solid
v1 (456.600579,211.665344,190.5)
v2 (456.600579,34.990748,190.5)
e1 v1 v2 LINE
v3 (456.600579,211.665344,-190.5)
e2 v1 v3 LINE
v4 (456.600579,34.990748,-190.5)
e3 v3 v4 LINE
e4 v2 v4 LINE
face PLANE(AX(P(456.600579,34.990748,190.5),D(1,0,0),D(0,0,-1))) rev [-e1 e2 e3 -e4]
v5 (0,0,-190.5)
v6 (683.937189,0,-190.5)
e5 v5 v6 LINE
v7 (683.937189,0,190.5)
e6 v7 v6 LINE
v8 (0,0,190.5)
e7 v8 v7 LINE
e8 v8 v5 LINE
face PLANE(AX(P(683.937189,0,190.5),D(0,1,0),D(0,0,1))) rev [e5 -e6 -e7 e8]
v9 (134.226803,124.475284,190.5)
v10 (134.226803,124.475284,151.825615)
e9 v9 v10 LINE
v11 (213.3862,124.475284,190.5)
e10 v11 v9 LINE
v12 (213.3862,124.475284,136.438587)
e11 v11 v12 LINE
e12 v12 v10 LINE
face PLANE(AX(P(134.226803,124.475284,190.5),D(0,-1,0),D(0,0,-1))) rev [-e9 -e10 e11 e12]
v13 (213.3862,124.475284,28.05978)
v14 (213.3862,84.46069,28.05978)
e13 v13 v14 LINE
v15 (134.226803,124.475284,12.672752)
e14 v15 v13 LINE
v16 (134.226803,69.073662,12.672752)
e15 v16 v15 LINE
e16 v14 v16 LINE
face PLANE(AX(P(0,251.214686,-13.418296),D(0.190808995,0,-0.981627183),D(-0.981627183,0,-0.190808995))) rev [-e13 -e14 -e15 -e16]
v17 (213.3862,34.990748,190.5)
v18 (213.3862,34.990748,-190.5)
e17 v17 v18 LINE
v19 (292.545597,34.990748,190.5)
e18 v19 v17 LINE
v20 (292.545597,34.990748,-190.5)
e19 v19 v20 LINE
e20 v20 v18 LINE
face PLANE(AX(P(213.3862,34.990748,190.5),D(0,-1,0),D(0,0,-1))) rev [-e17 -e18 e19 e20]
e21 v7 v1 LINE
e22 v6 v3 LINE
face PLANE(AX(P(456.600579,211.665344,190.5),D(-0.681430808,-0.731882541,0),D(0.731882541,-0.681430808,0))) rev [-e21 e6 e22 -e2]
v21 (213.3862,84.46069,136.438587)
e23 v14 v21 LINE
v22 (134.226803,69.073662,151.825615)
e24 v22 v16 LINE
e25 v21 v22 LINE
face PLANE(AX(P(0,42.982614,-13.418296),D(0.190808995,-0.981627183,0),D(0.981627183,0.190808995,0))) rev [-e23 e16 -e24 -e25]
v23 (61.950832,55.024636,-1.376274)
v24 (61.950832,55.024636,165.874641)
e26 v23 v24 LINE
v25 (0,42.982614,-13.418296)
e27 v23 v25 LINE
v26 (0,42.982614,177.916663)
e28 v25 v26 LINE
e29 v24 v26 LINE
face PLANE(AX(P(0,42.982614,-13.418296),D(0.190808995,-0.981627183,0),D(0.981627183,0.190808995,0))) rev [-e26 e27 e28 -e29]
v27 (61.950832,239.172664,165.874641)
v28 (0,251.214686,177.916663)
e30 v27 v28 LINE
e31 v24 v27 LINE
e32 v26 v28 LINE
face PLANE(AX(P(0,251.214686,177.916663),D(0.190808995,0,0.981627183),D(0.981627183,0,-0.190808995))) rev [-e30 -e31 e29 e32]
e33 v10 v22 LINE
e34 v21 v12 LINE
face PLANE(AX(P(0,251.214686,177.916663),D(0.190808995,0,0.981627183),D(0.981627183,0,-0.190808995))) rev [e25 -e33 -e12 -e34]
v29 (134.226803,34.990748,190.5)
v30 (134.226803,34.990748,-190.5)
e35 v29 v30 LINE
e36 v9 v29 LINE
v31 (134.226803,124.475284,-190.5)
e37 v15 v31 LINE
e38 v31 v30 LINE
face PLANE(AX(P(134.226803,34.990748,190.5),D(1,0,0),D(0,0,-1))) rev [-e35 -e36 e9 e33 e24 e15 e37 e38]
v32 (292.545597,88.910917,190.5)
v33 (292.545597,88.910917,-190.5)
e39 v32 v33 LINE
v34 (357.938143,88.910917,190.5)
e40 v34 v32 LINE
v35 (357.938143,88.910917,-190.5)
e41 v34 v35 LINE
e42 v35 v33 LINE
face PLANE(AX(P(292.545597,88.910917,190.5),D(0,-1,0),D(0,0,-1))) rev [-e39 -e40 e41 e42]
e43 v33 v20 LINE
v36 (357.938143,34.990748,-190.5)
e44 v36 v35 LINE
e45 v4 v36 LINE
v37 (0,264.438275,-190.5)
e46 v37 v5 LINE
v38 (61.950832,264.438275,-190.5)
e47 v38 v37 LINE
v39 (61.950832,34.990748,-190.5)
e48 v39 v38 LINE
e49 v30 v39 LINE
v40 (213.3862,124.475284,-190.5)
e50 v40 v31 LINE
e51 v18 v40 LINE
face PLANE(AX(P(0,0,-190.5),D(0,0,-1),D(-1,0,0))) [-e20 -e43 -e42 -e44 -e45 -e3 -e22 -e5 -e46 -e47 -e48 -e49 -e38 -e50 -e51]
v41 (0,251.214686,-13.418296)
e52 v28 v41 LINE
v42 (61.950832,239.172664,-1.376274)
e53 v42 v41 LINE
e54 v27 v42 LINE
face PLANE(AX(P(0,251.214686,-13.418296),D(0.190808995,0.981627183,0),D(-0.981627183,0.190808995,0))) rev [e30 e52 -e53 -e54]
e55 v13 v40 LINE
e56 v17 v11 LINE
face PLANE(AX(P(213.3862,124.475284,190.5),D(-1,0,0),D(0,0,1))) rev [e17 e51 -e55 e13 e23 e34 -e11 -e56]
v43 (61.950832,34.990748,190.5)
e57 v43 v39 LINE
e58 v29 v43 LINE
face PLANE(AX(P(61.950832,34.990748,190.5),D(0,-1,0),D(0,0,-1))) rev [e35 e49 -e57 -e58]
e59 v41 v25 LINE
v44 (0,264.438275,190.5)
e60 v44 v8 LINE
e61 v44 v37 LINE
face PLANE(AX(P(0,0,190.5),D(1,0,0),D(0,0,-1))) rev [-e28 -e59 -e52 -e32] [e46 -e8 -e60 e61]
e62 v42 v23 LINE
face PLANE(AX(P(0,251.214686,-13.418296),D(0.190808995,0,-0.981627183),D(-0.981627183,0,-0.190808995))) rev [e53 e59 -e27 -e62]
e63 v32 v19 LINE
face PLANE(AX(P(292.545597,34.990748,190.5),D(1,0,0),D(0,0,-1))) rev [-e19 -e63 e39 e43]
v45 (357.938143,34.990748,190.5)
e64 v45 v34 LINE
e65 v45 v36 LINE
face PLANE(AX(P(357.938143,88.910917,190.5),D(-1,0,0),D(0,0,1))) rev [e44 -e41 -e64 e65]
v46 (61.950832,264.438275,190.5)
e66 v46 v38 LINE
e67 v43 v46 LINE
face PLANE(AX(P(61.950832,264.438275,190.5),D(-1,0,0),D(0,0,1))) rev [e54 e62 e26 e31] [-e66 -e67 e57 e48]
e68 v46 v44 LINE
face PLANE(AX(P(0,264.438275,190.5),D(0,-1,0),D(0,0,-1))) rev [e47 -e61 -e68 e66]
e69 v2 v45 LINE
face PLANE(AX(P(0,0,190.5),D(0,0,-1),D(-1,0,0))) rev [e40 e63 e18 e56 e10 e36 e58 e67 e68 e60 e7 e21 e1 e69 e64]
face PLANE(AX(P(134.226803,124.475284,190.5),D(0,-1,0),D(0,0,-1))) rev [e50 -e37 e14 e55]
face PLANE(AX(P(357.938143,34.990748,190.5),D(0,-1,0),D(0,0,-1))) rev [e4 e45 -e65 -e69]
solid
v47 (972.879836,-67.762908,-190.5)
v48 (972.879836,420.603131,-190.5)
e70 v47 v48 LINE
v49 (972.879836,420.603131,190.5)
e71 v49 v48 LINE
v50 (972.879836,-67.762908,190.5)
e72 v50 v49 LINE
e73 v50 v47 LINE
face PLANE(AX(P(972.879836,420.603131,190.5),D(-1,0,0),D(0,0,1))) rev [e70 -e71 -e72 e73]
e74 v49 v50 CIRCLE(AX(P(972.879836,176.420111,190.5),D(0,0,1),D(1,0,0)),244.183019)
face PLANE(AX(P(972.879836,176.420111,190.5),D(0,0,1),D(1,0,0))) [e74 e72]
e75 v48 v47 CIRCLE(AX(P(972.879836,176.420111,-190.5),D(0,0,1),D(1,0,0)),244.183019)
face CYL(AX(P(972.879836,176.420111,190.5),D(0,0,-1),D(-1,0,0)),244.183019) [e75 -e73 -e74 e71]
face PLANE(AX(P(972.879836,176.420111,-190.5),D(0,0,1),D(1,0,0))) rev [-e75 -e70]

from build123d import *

# Parameters (mm, degrees)
BOSS_EXTRUDE1_DEPTH   = 190.5
BOSS_EXTRUDE1_2_DEPTH = 190.5
SKETCH2_W             = 191.334958583
SKETCH2_H             = 208.232071809
CUT_EXTRUDE1_DEPTH    = 254
CUT_EXTRUDE1_DRAFT    = -11


with BuildPart() as part:
    # Sketch1 → Boss-Extrude1 (new, symmetric)
    with BuildSketch(Plane.XY):
        Polygon((0, 0), (0, 264.438275148), (61.950832356, 264.438275148), (61.950832356, 34.990747905), (134.226803438, 34.990747905), (134.226803438, 124.47528353), (213.386200337, 124.47528353), (213.386200337, 34.990747905), (292.545597236, 34.990747905), (292.545597236, 88.910916807), (357.9381425, 88.910916807), (357.9381425, 34.990747905), (456.600579215, 34.990747905), (456.600579215, 211.665343882), (683.937189208, 0), align=None)
    extrude(amount=BOSS_EXTRUDE1_DEPTH, both=True)


with BuildPart() as body_2:
    # Sketch1 → Boss-Extrude1 2 (new, symmetric)
    with BuildSketch(Plane.XY):
        with BuildLine():
            Line((972.879836168, 420.603130604), (972.879836168, -67.762908332))
            ThreePointArc((972.879836168, -67.762908332), (728.696816701, 176.420111136), (972.879836168, 420.603130604))
        make_face()
    extrude(amount=BOSS_EXTRUDE1_2_DEPTH, both=True)


with BuildPart() as cut_extrude1_tool:
    # Sketch2 → Cut-Extrude1 (with draft: the straight prism first)
    with BuildSketch(Plane.ZY):
        with Locations((82.249183495, 147.098649951)):
            Rectangle(SKETCH2_W, SKETCH2_H)
    extrude(amount=-CUT_EXTRUDE1_DEPTH)
    # Cut-Extrude1: the draft: its side faces are tilted about the plane it starts from
    cut_extrude1_sides = [cut_extrude1_tool.faces().sort_by_distance(p)[0] for p in [
        (127, 147.098649951, -13.418295797),
        (127, 42.982614046, 82.249183495),
        (127, 147.098649951, 177.916662786),
        (127, 251.214685855, 82.249183495),
    ]]
    draft(cut_extrude1_sides, Plane.ZY, CUT_EXTRUDE1_DRAFT)


with BuildPart() as part_1:
    add(part.part)

    # Cut-Extrude1: cut by cut_extrude1_tool
    add(cut_extrude1_tool.part, mode=Mode.SUBTRACT)


solid = Compound([body_2.part, part_1.part])
